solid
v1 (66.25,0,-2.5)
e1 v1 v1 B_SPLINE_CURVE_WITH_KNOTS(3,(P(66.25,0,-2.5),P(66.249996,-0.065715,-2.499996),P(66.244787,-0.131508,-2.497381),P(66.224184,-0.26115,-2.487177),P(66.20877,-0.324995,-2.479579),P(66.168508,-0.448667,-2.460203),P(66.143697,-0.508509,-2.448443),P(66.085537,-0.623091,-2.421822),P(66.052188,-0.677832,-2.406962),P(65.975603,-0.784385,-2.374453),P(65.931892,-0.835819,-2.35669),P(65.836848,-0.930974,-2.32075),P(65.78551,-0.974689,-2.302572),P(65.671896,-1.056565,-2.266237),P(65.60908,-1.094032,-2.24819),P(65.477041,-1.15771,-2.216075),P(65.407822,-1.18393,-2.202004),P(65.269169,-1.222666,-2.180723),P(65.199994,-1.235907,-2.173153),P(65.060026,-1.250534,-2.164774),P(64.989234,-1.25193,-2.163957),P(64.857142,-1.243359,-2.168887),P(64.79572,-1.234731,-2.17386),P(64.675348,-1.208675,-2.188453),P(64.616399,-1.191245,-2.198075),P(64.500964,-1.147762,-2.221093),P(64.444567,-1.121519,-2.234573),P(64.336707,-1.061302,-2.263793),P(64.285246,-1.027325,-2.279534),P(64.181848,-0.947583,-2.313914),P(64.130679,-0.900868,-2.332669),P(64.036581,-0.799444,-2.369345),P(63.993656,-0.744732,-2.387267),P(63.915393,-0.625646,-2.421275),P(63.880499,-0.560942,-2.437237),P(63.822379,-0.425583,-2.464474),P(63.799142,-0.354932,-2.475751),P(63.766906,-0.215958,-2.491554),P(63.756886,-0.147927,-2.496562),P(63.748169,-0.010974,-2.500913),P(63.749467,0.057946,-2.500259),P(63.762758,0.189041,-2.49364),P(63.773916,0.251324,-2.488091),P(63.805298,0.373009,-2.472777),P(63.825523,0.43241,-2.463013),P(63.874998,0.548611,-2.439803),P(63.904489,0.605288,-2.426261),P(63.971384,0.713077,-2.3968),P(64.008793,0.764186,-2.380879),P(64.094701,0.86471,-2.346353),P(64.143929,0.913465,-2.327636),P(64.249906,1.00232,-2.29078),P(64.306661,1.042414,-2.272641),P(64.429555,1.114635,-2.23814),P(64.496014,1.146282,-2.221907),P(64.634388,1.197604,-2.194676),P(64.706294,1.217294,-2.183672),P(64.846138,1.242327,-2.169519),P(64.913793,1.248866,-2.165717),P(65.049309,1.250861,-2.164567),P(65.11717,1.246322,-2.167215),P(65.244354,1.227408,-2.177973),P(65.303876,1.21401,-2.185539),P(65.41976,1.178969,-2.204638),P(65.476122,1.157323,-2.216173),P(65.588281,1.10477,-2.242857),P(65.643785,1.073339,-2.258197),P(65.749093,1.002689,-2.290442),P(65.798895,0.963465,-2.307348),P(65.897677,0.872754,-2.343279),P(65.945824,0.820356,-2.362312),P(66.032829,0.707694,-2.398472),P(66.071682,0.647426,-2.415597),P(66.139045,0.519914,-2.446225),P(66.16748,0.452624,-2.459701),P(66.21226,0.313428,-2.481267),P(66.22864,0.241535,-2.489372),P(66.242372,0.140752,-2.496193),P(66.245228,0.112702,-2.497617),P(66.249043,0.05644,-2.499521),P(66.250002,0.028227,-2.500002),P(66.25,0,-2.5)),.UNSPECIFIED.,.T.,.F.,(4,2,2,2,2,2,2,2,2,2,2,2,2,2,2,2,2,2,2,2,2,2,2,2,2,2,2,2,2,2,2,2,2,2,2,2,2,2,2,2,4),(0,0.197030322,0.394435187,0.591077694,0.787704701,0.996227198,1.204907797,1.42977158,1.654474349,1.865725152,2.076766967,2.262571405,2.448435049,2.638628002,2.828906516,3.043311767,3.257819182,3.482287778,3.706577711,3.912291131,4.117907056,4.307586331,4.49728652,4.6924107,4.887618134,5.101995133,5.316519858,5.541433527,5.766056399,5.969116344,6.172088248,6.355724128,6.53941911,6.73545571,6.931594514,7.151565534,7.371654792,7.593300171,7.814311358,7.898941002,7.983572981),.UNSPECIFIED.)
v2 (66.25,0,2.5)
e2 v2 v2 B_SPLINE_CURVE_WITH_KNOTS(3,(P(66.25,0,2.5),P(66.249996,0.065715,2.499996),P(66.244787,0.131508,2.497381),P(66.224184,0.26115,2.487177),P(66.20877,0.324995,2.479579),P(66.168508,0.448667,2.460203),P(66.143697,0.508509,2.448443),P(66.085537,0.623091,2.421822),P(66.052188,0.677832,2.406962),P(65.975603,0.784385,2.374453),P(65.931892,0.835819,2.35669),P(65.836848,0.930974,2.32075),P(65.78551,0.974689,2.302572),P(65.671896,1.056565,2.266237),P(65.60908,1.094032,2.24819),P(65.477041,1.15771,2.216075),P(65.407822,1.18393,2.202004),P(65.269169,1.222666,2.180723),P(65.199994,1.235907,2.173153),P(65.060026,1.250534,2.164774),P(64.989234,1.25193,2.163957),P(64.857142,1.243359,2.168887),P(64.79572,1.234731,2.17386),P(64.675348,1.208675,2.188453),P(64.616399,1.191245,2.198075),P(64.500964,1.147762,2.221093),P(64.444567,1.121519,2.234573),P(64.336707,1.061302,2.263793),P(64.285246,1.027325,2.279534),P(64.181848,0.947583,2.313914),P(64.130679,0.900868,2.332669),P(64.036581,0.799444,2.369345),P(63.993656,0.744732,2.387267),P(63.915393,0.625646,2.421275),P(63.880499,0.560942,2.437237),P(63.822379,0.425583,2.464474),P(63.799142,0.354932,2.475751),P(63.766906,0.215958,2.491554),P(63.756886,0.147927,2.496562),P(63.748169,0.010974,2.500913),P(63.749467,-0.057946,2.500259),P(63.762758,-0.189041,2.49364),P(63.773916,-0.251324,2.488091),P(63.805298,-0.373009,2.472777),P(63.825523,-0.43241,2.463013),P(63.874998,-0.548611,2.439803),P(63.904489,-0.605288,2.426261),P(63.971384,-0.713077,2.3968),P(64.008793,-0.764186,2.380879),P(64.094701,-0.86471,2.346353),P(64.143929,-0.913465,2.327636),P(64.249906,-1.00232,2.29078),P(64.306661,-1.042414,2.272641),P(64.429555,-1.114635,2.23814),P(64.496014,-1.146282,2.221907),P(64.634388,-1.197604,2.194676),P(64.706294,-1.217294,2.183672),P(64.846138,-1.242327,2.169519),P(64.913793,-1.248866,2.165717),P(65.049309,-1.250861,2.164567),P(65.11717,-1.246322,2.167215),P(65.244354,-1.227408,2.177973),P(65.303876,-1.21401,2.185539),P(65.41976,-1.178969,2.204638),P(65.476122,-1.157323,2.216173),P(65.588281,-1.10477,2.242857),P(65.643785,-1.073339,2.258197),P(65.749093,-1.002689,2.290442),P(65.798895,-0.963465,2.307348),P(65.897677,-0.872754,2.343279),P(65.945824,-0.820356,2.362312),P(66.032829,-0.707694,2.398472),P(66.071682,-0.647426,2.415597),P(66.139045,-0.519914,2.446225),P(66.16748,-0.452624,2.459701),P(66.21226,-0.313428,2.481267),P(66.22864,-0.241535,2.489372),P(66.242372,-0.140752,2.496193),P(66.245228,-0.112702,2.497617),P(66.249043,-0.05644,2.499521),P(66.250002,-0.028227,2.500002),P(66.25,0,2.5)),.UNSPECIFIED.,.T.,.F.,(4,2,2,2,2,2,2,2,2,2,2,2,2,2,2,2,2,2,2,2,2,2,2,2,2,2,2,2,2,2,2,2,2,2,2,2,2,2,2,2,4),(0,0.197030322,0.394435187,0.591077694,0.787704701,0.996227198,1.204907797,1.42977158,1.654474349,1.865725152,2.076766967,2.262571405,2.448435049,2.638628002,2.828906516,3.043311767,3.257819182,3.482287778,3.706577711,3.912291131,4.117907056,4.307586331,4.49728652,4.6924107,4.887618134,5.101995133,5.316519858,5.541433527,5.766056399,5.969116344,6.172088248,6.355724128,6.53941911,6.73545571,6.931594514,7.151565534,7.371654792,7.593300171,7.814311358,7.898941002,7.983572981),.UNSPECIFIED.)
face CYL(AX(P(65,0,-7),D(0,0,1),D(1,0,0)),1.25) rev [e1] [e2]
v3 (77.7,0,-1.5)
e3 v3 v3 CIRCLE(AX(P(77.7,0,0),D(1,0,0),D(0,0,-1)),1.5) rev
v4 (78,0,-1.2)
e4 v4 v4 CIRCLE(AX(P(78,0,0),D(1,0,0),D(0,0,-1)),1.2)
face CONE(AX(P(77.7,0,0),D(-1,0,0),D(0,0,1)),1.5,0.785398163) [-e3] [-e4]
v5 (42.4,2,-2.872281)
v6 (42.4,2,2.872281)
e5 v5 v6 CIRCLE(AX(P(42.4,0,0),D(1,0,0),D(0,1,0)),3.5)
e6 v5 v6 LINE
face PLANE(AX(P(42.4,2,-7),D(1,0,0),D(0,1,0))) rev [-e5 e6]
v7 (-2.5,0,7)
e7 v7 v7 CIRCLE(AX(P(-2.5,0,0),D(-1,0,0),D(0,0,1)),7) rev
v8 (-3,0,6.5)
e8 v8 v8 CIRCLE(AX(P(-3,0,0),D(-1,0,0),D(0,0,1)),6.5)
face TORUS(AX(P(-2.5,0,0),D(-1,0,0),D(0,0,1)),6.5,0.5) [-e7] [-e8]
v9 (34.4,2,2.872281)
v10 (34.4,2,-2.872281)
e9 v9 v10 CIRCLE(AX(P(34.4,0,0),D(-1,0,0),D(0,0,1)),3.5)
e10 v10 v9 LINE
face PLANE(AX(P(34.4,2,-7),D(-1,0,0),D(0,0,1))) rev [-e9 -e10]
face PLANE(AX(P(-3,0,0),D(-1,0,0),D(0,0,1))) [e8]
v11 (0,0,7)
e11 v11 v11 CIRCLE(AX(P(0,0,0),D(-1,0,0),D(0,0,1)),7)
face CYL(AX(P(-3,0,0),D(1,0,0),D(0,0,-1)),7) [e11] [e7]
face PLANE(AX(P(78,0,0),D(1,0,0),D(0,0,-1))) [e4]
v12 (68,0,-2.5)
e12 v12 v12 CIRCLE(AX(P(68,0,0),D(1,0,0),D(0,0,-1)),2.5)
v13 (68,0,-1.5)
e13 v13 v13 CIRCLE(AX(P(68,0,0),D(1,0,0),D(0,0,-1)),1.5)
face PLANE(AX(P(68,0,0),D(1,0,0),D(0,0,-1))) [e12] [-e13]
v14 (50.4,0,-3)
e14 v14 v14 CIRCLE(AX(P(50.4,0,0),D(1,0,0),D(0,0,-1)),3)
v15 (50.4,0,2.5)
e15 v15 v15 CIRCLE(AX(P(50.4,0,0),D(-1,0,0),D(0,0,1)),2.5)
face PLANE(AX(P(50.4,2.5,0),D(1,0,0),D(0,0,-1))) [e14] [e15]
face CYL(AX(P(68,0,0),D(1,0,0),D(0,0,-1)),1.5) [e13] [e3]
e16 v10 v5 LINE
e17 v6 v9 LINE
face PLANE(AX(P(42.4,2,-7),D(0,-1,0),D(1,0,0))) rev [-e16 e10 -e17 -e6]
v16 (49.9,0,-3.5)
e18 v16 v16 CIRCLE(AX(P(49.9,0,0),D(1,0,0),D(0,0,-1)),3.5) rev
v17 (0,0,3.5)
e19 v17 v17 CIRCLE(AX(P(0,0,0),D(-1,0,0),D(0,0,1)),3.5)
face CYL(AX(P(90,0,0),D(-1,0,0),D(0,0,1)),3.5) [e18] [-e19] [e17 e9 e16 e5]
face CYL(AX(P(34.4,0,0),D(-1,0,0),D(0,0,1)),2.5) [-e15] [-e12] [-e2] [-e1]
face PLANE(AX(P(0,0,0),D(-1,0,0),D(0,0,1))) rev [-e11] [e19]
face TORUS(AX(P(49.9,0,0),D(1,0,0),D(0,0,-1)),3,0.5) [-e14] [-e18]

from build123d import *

# Parameters (mm, degrees)
SKETCH_1_R               = 3.5
EXTRUDE_1_DEPTH          = 90
SKETCH_2_R               = 7
EXTRUDE_2_DEPTH          = 3
FILLET_1_R               = 0.5
CUT_EXTRUDE_1_DEPTH      = 91.542807555
CUT_EXTRUDE_1_DEPTH_BACK = 91.542807555
SKETCH_3_W               = 8
SKETCH_3_H               = 1.5
SKETCH_4_W               = 39.6
SKETCH_4_H               = 1
FILLET_2_R               = 0.5
CUT_EXTRUDE_START        = -22
SKETCH_5_R               = 2.5
SKETCH_5_R_2             = 1.5
CUT_EXTRUDE_2_DEPTH      = 22
CUT_EXTRUDE_3_DEPTH      = 91.542807555
CUT_EXTRUDE_3_DEPTH_BACK = 91.542807555
SKETCH_6_R               = 1.25
SKETCH_7_R               = 4.059056145
CUT_EXTRUDE_4_DEPTH      = 12
CHAMFER_1_SIZE           = 0.3


with BuildPart() as part:
    # 草图1 → 凸台-拉伸1 (new body)
    with BuildSketch(Plane(origin=(0, 0, 0), x_dir=(0, 0, -1), z_dir=(1, 0, 0))):
        with Locations(Location((0, 0, 0), (0, 0, 180))):
            Circle(SKETCH_1_R)
    extrude(amount=EXTRUDE_1_DEPTH)

    # 草图2 → 凸台-拉伸2 (add)
    with BuildSketch(Plane.ZY):
        Circle(SKETCH_2_R)
    extrude(amount=EXTRUDE_2_DEPTH)

    # 圆角1
    fillet_1_edges = [part.edges().sort_by_distance(p)[0] for p in [
        (-3, 0, -7),
    ]]
    fillet(fillet_1_edges, radius=FILLET_1_R)

    # 草图3 → 切除-拉伸1 (cut, two sides: drawn at the far end of the back side and taken through both)
    with BuildSketch(Plane.XY.offset(-CUT_EXTRUDE_1_DEPTH_BACK)):
        with Locations((38.4, 2.75)):
            Rectangle(SKETCH_3_W, SKETCH_3_H)
    extrude(amount=CUT_EXTRUDE_1_DEPTH + CUT_EXTRUDE_1_DEPTH_BACK, mode=Mode.SUBTRACT)

    # 草图4 → 切除-旋转1 (revolve, cut)
    with BuildSketch(Plane.XY, mode=Mode.PRIVATE) as cut_revolve_1_sk:
        with Locations((70.2, 3)):
            Rectangle(SKETCH_4_W, SKETCH_4_H)
    revolve(cut_revolve_1_sk.sketch.rotate(Axis((34.4, 0, 0), (1, 0, 0)), 90), axis=Axis((34.4, 0, 0), (1, 0, 0)), mode=Mode.SUBTRACT)

    # 圆角2
    fillet_2_edges = [part.edges().sort_by_distance(p)[0] for p in [
        (50.4, 0, -3.5),
    ]]
    fillet(fillet_2_edges, radius=FILLET_2_R)

    # 草图5 → 切除-拉伸2 (cut)
    with BuildSketch(Plane(origin=(90, 0, 0), x_dir=(0, 0, -1), z_dir=(1, 0, 0)).offset(CUT_EXTRUDE_START)):
        with Locations(Location((0, 0, 0), (0, 0, 180))):
            Circle(SKETCH_5_R)
        Circle(SKETCH_5_R_2, mode=Mode.SUBTRACT)
    extrude(amount=CUT_EXTRUDE_2_DEPTH, mode=Mode.SUBTRACT)

    # 草图6 → 切除-拉伸3 (cut, two sides: drawn at the far end of the back side and taken through both)
    with BuildSketch(Plane.XY.offset(-CUT_EXTRUDE_3_DEPTH_BACK)):
        with Locations((65, 0)):
            Circle(SKETCH_6_R)
    extrude(amount=CUT_EXTRUDE_3_DEPTH + CUT_EXTRUDE_3_DEPTH_BACK, mode=Mode.SUBTRACT)

    # 草图7 → 切除-拉伸4 (cut)
    with BuildSketch(Plane(origin=(90, 0, 0), x_dir=(0, 0, -1), z_dir=(1, 0, 0))):
        Circle(SKETCH_7_R)
    extrude(amount=-CUT_EXTRUDE_4_DEPTH, mode=Mode.SUBTRACT)

    # 倒角1
    chamfer_1_edges = [part.edges().sort_by_distance(p)[0] for p in [
        (78, 0, 1.5),
    ]]
    chamfer(chamfer_1_edges, length=CHAMFER_1_SIZE)


solid = part.part
